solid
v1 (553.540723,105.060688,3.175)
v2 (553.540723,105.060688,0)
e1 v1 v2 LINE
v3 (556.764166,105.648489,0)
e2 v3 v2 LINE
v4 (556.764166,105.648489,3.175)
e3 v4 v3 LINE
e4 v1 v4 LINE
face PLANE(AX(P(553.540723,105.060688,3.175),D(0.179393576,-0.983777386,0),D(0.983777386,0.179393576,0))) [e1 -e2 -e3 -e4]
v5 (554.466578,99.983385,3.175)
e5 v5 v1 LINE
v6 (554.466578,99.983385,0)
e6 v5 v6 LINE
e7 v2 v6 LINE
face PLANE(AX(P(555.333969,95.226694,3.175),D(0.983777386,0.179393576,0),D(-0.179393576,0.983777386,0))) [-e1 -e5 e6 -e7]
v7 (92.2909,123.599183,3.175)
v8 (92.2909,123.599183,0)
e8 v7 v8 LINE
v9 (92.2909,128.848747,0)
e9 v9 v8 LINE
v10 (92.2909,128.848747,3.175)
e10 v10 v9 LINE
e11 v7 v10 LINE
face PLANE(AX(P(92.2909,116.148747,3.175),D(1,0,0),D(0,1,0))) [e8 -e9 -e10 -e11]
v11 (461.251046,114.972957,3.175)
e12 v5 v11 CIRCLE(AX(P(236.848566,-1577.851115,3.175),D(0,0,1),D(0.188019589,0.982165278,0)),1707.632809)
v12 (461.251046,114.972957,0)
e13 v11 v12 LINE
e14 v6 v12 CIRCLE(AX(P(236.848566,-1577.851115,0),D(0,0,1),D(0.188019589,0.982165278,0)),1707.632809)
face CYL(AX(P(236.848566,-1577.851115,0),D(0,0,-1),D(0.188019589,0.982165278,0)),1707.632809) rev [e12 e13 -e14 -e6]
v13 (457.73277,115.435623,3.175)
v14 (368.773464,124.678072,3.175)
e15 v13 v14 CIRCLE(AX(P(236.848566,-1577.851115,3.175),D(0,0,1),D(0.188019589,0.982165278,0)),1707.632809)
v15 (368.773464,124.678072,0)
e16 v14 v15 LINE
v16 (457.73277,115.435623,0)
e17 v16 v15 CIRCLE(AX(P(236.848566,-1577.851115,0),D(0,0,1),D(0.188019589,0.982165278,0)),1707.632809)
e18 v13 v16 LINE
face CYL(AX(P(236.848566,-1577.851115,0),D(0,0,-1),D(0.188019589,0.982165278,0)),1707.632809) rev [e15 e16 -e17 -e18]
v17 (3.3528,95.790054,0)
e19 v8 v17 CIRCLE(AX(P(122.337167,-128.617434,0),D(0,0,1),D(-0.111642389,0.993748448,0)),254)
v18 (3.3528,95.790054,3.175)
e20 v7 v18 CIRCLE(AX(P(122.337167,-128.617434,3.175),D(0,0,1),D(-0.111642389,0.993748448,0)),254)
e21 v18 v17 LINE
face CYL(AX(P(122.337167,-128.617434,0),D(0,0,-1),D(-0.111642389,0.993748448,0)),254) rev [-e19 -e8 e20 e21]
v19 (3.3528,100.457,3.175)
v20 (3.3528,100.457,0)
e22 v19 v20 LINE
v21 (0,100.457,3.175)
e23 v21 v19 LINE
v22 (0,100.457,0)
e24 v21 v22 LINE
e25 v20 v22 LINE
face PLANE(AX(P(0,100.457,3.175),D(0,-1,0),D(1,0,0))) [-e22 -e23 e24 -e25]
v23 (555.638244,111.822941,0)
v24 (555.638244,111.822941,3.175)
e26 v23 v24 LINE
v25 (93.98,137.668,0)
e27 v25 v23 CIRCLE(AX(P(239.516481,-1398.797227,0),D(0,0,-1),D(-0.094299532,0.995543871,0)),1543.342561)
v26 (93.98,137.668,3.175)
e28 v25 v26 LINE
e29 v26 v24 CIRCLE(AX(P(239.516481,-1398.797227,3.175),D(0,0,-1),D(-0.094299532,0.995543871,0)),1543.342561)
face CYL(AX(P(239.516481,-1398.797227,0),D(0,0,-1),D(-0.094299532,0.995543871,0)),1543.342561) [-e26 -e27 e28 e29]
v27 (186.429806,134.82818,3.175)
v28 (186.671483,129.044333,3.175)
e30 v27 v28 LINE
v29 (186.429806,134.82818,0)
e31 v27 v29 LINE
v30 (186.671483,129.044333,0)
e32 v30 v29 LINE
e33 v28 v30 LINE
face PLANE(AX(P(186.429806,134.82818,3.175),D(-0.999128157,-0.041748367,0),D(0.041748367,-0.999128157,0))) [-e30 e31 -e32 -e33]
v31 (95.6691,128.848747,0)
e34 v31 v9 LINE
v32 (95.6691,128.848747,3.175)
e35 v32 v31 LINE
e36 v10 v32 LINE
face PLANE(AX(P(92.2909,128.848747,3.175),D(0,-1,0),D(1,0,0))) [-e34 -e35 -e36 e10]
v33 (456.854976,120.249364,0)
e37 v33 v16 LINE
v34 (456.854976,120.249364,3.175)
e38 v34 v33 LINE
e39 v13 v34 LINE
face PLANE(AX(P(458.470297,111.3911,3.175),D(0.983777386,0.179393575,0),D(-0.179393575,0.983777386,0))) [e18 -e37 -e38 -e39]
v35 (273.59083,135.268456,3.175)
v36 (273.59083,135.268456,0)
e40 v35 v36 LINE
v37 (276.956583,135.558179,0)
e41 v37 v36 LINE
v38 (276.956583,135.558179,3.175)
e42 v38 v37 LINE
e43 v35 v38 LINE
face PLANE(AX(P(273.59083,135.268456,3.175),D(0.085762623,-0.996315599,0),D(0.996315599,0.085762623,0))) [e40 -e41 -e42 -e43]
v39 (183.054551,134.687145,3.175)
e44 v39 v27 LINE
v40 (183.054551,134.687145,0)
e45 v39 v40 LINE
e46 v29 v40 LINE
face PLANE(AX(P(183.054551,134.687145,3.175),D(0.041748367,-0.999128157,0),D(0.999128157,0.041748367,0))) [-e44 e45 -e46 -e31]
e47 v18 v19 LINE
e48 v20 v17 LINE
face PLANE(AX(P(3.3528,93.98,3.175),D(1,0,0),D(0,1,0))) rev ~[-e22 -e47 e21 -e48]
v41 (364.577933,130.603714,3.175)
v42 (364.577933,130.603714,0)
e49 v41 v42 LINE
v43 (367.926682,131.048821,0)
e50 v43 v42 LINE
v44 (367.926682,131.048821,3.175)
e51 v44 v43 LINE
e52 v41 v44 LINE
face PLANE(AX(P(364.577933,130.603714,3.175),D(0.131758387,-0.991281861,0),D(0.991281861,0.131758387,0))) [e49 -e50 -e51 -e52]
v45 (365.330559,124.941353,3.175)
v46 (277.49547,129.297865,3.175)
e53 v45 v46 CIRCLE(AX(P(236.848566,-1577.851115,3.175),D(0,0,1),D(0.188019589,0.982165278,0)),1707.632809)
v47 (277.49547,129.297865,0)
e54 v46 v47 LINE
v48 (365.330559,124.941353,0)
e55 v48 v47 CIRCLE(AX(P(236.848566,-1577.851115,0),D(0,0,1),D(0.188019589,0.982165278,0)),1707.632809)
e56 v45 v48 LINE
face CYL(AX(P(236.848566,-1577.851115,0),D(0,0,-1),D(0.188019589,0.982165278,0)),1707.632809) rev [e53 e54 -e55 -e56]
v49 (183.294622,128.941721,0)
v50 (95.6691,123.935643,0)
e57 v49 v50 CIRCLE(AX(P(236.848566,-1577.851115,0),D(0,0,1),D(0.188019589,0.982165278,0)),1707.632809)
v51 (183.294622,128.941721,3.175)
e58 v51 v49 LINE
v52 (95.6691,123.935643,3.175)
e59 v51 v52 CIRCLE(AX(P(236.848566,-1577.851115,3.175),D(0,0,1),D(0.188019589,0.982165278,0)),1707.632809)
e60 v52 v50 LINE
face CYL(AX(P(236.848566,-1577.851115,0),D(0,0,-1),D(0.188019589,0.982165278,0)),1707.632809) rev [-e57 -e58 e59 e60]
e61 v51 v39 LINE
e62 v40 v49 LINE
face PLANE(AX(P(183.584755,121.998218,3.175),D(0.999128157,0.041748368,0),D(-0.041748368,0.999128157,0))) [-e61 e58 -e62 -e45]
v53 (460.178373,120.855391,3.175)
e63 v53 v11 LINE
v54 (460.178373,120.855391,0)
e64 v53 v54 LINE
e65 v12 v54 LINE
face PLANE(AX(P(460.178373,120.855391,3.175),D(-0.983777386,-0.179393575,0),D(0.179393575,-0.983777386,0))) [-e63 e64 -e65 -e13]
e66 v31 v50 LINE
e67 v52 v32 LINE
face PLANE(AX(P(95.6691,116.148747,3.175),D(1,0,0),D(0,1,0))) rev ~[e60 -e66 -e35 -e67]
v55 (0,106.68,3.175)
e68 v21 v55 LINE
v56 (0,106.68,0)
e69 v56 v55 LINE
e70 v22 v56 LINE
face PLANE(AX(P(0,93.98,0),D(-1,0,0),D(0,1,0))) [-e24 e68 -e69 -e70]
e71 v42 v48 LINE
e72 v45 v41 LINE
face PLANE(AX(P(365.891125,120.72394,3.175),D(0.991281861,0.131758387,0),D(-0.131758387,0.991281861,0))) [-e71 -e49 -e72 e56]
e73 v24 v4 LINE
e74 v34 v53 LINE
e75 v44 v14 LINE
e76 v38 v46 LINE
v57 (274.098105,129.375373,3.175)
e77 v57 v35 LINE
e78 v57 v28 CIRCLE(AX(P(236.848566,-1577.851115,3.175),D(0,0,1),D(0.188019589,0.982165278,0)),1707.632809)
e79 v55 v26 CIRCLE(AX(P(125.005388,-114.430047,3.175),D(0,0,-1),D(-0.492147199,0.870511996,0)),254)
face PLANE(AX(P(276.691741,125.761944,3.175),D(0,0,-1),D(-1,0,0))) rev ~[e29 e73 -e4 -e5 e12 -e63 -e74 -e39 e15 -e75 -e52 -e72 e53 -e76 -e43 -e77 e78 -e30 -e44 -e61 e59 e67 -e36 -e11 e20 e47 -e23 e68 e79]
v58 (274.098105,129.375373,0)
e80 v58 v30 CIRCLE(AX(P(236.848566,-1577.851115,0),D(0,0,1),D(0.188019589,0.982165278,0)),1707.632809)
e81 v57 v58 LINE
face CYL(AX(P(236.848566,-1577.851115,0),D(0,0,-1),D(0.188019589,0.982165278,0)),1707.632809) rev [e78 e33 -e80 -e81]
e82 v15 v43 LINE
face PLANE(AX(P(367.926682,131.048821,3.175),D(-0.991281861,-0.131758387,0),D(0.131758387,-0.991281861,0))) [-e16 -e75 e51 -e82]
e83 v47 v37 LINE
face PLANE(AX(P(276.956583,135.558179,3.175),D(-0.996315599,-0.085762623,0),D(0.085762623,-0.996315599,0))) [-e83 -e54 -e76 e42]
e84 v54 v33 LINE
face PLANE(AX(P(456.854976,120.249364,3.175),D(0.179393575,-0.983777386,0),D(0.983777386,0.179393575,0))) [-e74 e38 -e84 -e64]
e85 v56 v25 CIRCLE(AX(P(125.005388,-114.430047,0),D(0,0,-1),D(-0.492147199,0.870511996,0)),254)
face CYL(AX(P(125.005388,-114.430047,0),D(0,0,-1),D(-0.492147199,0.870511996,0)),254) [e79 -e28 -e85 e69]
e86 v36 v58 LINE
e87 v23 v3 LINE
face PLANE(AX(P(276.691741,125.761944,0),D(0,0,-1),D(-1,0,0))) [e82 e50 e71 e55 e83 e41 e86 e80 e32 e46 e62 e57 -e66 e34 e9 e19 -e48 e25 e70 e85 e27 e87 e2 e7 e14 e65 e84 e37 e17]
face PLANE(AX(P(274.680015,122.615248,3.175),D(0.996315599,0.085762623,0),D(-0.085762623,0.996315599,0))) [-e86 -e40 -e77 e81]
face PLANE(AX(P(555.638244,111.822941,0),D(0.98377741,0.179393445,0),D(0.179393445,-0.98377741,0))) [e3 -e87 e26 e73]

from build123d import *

# Parameters (mm, degrees)
BOSS_EXTRUDE1_DEPTH = 3.175
SKETCH2_W           = 3.3528
SKETCH2_H           = 6.477
SKETCH2_W_2         = 3.3782
SKETCH2_H_2         = 12.7
CUT_EXTRUDE1_DEPTH  = 4.175


with BuildPart() as part:
    # Sketch1 → Boss-Extrude1 (new body)
    with BuildSketch(Plane.XY):
        with BuildLine():
            Line((555.638244479, 111.822940833), (557.916984218, 99.326538403))
            ThreePointArc((557.916984218, 99.326538403), (326.784483289, 127.411721364), (93.98, 123.794671649))
            ThreePointArc((93.98, 123.794671649), (45.52945751, 113.491169294), (0, 93.98))
            Line((0, 93.98), (0, 106.68))
            ThreePointArc((0, 106.68), (45.466310815, 126.795024577), (93.98, 137.668))
            ThreePointArc((93.98, 137.668), (325.782502236, 142.132503557), (555.638244479, 111.822940833))
        make_face()
    extrude(amount=BOSS_EXTRUDE1_DEPTH)

    # Sketch2 → Cut-Extrude1 (cut, through all)
    with BuildSketch(Plane.XY.offset(3.175)):
        with Locations((1.6764, 97.2185)):
            Rectangle(SKETCH2_W, SKETCH2_H)
        with Locations((93.98, 122.498746884)):
            Rectangle(SKETCH2_W_2, SKETCH2_H_2)
        Polygon((183.054551015, 134.687145422), (186.429805755, 134.828179757), (186.960010022, 122.139252165), (183.584755283, 121.99821783), align=None)
        Polygon((364.577933431, 130.603714492), (367.926681813, 131.048820676), (369.239873525, 121.16904642), (365.891125143, 120.723940236), align=None)
        Polygon((298.533171127, -116.284523632), (299.081273341, -122.651898671), (295.917971315, -122.924194999), (295.369869101, -116.55681996), align=None)
        Polygon((273.590830142, 135.268456112), (276.956583497, 135.558179406), (278.045768811, 122.904971301), (274.680015455, 122.615248007), align=None)
        Polygon((456.854976279, 120.249363717), (460.178373044, 120.855391093), (461.793693389, 111.99712722), (458.470296624, 111.391099845), align=None)
        Polygon((553.540722528, 105.060688054), (556.864119293, 105.666715431), (558.657365749, 95.832721624), (555.333968984, 95.226694247), align=None)
    extrude(amount=-CUT_EXTRUDE1_DEPTH, mode=Mode.SUBTRACT)


solid = part.part
